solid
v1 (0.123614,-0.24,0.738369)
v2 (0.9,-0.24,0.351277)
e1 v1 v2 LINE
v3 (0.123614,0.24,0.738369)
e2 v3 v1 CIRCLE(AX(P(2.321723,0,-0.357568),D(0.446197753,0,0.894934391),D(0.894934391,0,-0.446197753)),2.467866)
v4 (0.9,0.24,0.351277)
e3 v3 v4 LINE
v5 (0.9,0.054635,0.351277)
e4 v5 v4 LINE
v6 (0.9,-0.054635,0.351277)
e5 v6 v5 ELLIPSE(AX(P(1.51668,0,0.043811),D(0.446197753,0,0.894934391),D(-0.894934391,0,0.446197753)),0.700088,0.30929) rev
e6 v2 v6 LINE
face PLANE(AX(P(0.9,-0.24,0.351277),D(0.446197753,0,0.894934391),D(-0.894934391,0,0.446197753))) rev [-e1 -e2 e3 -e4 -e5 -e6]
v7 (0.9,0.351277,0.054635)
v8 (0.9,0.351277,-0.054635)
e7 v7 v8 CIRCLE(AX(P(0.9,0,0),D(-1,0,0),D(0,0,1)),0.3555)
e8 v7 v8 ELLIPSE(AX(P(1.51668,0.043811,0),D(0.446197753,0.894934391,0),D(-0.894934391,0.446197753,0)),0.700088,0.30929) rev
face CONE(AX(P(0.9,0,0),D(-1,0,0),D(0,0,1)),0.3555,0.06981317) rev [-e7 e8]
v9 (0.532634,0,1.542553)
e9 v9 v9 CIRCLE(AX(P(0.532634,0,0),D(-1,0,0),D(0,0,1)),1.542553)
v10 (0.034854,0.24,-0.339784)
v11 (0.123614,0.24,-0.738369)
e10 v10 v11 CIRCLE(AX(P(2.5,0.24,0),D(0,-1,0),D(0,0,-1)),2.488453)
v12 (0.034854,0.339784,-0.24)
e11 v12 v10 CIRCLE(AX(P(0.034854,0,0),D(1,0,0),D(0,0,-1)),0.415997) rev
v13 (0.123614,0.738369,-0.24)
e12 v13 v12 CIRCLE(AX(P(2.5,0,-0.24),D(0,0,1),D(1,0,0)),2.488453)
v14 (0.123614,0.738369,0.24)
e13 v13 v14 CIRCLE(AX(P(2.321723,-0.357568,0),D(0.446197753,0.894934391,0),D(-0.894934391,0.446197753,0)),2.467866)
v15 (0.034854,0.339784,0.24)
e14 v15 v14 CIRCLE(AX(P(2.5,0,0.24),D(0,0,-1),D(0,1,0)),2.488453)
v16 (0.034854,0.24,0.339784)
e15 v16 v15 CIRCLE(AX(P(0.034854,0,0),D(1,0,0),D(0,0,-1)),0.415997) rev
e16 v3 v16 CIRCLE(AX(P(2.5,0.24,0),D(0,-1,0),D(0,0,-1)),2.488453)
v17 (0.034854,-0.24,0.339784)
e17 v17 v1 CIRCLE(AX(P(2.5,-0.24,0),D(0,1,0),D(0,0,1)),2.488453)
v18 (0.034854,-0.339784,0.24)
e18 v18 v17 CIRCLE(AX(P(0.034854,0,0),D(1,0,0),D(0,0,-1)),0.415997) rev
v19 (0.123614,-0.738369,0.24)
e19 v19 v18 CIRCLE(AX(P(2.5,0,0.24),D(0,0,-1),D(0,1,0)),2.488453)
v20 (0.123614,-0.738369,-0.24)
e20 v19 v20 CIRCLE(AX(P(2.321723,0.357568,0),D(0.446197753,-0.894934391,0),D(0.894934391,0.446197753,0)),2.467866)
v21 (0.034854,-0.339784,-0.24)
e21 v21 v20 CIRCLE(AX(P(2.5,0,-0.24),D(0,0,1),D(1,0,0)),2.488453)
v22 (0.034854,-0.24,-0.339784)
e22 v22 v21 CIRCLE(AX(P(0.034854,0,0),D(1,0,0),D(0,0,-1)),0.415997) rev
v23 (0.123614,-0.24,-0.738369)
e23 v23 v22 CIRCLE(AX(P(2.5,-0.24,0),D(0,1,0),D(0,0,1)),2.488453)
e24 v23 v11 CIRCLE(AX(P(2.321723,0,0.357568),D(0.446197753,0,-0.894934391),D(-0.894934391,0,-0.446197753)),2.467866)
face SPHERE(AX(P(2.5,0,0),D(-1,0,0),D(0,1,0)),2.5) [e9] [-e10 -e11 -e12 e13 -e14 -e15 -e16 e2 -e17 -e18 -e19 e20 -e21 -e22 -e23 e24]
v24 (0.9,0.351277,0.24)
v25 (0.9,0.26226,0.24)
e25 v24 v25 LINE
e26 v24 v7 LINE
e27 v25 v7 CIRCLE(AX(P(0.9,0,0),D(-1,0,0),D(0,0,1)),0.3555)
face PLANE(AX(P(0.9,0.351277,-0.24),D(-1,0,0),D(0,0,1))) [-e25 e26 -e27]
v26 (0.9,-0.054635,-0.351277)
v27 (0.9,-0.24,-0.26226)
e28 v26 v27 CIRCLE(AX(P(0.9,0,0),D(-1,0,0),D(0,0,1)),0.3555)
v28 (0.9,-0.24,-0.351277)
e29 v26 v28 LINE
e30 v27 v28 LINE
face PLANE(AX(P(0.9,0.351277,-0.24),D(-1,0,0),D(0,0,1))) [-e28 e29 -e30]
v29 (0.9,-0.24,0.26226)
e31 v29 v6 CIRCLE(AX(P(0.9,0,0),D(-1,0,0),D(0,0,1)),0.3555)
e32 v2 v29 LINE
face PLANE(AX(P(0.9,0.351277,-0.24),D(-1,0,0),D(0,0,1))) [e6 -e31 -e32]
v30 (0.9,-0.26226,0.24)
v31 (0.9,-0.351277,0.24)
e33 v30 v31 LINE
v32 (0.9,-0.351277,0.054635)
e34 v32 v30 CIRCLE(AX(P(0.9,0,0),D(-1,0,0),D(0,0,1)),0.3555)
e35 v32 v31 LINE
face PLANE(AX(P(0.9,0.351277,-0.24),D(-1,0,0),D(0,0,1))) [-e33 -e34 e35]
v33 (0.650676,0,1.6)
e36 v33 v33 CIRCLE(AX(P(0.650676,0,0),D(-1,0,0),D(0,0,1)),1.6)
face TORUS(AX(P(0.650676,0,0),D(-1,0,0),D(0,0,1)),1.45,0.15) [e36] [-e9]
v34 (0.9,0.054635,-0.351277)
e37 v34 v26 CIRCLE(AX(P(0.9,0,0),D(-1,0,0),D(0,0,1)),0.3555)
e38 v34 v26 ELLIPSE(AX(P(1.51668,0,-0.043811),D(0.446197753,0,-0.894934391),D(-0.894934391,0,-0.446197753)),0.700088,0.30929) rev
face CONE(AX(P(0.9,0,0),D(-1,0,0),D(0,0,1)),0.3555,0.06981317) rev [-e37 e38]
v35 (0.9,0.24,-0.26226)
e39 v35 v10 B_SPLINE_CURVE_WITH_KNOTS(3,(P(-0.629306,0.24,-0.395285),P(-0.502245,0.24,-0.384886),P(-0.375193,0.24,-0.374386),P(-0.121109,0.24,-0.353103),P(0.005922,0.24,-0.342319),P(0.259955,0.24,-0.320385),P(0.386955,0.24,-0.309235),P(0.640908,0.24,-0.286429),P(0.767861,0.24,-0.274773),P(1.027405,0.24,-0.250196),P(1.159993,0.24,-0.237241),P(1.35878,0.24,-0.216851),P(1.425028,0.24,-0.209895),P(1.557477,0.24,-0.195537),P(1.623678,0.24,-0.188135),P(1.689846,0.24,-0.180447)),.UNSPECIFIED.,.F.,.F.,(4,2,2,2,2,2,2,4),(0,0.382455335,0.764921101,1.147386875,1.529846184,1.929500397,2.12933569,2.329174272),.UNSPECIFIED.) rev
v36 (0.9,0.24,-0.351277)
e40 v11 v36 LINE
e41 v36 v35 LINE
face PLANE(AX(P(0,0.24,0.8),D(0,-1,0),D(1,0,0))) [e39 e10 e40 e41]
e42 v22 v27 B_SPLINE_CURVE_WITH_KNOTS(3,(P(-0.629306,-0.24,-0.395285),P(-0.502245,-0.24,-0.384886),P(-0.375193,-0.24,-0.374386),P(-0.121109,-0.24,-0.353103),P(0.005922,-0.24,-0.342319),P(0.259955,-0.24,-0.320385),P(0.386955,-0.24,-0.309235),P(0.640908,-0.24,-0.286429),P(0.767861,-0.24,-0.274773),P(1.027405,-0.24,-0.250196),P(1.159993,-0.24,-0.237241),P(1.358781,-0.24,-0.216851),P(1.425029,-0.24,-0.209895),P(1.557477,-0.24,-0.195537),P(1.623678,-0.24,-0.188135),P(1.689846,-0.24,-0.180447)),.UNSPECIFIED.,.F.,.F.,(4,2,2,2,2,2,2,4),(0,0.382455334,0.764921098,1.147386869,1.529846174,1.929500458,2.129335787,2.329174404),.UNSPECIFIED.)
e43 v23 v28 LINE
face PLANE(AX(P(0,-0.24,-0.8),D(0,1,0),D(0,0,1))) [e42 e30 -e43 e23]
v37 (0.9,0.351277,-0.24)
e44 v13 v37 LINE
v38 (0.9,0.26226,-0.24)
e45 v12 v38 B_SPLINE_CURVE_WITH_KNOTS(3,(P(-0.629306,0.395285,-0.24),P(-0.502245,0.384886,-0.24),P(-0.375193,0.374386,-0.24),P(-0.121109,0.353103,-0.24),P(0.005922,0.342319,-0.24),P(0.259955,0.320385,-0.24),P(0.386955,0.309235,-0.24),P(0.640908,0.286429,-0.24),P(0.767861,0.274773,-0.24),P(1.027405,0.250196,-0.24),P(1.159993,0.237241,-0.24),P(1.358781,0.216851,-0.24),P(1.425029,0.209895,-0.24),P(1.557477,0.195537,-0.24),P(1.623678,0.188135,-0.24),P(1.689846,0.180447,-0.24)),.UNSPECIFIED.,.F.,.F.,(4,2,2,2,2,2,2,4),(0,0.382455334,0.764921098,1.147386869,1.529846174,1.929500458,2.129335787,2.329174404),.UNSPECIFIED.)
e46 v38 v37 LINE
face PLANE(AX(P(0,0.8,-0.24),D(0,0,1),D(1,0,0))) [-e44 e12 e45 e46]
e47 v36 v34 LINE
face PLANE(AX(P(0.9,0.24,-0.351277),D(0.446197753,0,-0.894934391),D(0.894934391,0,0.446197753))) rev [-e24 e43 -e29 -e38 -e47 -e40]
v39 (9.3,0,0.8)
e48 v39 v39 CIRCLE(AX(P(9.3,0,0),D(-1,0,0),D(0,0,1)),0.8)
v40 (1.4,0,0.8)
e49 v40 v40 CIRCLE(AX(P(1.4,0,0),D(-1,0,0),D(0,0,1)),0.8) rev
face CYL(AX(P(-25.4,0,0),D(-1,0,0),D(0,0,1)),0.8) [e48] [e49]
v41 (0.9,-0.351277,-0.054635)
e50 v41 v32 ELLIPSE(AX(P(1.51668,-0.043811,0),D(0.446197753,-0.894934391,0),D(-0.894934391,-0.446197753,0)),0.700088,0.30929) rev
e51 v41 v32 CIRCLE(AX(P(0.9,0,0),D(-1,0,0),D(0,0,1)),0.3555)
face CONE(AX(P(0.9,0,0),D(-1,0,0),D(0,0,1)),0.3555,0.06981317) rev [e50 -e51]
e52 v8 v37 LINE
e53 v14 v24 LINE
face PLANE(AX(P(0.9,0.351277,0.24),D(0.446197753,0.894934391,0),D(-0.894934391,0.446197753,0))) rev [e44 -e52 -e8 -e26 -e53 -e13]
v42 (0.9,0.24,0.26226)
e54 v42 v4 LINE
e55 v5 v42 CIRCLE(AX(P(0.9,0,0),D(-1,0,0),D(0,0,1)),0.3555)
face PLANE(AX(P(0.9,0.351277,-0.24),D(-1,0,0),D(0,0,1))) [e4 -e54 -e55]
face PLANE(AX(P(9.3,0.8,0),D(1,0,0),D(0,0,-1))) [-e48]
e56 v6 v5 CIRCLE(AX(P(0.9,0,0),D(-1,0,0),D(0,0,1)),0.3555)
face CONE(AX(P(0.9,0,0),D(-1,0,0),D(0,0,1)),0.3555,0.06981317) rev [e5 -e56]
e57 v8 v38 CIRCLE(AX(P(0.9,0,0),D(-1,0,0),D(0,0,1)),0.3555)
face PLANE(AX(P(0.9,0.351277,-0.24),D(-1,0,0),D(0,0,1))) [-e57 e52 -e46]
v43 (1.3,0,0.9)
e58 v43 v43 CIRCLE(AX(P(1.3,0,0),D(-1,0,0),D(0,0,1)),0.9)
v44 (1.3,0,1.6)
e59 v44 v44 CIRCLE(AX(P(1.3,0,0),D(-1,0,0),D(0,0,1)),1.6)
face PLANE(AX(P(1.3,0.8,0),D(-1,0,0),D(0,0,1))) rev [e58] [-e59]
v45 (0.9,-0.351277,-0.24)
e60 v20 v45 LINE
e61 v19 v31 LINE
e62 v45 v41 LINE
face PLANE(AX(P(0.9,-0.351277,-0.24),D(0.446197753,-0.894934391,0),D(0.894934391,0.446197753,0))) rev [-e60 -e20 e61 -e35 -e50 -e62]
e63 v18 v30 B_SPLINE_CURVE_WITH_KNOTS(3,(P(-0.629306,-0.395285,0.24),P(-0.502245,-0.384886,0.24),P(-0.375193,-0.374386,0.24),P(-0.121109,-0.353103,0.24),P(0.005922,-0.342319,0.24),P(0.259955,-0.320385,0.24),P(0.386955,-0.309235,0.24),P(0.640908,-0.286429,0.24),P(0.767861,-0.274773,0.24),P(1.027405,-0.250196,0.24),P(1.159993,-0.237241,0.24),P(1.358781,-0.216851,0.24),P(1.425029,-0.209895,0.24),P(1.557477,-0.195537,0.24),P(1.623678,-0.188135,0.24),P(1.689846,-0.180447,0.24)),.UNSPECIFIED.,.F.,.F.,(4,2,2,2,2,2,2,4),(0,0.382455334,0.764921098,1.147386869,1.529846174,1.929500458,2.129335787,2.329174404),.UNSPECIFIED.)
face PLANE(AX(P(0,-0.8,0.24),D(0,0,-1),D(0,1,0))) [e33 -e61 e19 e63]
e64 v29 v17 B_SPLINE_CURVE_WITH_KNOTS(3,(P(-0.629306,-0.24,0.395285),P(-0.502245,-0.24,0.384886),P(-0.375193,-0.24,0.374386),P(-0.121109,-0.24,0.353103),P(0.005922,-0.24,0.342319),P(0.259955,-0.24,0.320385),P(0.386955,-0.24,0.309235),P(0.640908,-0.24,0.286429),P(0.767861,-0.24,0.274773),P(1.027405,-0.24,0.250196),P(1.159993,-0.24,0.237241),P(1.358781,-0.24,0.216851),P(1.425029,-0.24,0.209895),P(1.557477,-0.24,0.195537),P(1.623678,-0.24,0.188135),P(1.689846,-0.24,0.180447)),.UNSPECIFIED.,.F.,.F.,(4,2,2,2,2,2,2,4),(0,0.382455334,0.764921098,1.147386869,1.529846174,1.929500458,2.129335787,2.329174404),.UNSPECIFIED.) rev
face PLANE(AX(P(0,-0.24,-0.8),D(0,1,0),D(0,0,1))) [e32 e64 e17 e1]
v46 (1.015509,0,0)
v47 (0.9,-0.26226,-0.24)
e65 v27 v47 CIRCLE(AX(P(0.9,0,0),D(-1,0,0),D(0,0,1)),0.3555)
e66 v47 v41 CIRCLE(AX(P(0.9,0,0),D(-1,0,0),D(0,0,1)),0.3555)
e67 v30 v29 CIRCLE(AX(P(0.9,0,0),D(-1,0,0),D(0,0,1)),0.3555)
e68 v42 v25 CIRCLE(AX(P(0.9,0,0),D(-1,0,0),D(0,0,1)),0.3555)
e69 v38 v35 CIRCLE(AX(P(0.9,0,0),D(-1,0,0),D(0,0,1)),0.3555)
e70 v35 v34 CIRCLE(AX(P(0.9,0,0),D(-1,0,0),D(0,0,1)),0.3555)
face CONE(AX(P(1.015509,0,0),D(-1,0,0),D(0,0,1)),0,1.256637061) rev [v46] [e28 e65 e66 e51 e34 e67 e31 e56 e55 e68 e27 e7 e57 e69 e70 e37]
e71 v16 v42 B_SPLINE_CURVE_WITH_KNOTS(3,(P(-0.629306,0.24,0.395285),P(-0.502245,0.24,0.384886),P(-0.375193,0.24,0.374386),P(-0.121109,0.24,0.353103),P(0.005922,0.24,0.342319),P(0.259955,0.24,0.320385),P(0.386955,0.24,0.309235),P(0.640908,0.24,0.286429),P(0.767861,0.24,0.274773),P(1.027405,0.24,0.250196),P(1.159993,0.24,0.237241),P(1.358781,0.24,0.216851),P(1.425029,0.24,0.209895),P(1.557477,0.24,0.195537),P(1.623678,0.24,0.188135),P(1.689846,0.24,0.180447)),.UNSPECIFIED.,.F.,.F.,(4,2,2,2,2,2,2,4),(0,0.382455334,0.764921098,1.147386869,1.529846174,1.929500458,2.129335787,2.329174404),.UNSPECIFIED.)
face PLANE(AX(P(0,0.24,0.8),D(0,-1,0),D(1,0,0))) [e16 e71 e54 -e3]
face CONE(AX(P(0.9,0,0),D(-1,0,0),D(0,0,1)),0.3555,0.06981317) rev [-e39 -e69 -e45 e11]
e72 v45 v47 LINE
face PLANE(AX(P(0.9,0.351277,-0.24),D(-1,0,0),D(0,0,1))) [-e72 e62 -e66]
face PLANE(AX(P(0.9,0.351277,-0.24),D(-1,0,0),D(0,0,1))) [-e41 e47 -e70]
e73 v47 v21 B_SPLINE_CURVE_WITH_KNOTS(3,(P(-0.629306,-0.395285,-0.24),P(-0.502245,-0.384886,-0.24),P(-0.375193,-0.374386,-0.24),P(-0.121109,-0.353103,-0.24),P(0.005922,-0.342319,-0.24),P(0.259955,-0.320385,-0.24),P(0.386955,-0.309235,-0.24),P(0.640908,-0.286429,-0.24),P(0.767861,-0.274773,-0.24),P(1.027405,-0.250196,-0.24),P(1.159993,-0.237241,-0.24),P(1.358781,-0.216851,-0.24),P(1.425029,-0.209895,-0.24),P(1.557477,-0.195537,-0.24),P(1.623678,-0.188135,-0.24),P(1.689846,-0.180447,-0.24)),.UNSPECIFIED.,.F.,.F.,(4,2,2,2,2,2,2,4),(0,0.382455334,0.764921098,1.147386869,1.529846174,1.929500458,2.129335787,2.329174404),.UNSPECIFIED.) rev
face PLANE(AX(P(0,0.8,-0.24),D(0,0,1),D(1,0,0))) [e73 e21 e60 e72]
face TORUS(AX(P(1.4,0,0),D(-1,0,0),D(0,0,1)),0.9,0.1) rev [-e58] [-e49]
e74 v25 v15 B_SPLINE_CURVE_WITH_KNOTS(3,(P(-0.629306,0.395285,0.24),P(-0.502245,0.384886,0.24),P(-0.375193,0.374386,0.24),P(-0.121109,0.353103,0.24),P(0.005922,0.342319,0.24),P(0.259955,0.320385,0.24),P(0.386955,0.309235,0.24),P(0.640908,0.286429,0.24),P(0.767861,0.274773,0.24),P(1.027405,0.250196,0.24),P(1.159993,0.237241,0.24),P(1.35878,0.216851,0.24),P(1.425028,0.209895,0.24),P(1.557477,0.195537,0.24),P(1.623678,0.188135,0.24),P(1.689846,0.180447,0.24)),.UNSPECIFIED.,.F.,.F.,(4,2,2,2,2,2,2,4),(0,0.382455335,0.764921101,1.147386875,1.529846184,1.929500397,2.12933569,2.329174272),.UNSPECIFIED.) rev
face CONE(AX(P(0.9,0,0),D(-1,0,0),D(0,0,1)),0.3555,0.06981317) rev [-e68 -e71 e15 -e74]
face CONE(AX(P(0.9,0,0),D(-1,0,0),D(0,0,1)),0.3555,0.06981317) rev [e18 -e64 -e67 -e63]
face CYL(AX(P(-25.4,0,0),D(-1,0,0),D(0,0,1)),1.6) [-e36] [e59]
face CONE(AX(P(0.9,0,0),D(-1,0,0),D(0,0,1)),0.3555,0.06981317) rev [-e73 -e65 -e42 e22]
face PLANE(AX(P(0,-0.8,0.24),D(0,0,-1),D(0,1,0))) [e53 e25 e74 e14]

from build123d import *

# Parameters (mm, degrees)
FILLET1_R    = 0.1
SKETCH3_W    = 0.48
SKETCH3_H    = 1.6
SKETCH4_W    = 0.48
SKETCH4_H    = 0.702553256
RECPAT_COUNT = 2
RECPAT_ANGLE = 90


with BuildPart() as part:
    # BodySke → Base-Revolve (revolve)
    with BuildSketch(Plane.XY):
        with BuildLine():
            Line((1.3, 0.8), (1.3, 1.6))
            Line((1.3, 1.6), (0.650675799, 1.6))
            ThreePointArc((0.650675799, 1.6), (0.585036553, 1.584875829), (0.532633829, 1.542553191))
            ThreePointArc((0.532633829, 1.542553191), (0.136907172, 0.815960959), (0, 0))
            Line((0, 0), (9.3, 0))
            Line((9.3, 0), (9.3, 0.8))
            Line((9.3, 0.8), (1.3, 0.8))
        make_face()
    revolve(axis=Axis((-25.4, 0, 0), (1, 0, 0)))

    # Fillet1
    fillet1_edges = [part.edges().sort_by_distance(p)[0] for p in [
        (1.3, -0.8, 0),
    ]]
    fillet(fillet1_edges, radius=FILLET1_R)

    # Sketch3 → Recess section 0
    with BuildSketch(Plane(origin=(0, 0, 0), x_dir=(0, 0, -1), z_dir=(1, 0, 0))):
        Rectangle(SKETCH3_W, SKETCH3_H)
    # Sketch4 → Recess section 1
    with BuildSketch(Plane(origin=(0.9, 0, 0), x_dir=(0, 0, -1), z_dir=(1, 0, 0))):
        Rectangle(SKETCH4_W, SKETCH4_H)
    recess = loft(mode=Mode.SUBTRACT)

    # RecPat: Recess ×2 about axis
    recpat_axis = Axis((0, 0, 0), (1, 0, 0))
    for i in range(1, RECPAT_COUNT):
        add(recess.rotate(recpat_axis, i * RECPAT_ANGLE / (RECPAT_COUNT - 1)), mode=Mode.SUBTRACT)

    # RecCorSke → RecessCore (revolve, cut)
    with BuildSketch(Plane.XY):
        Polygon((0, 0), (0, 0.418434131), (0.9, 0.3555), (1.015508952, 0), align=None)
    revolve(axis=Axis((-3.175, 0, 0), (1, 0, 0)), mode=Mode.SUBTRACT)


solid = part.part
